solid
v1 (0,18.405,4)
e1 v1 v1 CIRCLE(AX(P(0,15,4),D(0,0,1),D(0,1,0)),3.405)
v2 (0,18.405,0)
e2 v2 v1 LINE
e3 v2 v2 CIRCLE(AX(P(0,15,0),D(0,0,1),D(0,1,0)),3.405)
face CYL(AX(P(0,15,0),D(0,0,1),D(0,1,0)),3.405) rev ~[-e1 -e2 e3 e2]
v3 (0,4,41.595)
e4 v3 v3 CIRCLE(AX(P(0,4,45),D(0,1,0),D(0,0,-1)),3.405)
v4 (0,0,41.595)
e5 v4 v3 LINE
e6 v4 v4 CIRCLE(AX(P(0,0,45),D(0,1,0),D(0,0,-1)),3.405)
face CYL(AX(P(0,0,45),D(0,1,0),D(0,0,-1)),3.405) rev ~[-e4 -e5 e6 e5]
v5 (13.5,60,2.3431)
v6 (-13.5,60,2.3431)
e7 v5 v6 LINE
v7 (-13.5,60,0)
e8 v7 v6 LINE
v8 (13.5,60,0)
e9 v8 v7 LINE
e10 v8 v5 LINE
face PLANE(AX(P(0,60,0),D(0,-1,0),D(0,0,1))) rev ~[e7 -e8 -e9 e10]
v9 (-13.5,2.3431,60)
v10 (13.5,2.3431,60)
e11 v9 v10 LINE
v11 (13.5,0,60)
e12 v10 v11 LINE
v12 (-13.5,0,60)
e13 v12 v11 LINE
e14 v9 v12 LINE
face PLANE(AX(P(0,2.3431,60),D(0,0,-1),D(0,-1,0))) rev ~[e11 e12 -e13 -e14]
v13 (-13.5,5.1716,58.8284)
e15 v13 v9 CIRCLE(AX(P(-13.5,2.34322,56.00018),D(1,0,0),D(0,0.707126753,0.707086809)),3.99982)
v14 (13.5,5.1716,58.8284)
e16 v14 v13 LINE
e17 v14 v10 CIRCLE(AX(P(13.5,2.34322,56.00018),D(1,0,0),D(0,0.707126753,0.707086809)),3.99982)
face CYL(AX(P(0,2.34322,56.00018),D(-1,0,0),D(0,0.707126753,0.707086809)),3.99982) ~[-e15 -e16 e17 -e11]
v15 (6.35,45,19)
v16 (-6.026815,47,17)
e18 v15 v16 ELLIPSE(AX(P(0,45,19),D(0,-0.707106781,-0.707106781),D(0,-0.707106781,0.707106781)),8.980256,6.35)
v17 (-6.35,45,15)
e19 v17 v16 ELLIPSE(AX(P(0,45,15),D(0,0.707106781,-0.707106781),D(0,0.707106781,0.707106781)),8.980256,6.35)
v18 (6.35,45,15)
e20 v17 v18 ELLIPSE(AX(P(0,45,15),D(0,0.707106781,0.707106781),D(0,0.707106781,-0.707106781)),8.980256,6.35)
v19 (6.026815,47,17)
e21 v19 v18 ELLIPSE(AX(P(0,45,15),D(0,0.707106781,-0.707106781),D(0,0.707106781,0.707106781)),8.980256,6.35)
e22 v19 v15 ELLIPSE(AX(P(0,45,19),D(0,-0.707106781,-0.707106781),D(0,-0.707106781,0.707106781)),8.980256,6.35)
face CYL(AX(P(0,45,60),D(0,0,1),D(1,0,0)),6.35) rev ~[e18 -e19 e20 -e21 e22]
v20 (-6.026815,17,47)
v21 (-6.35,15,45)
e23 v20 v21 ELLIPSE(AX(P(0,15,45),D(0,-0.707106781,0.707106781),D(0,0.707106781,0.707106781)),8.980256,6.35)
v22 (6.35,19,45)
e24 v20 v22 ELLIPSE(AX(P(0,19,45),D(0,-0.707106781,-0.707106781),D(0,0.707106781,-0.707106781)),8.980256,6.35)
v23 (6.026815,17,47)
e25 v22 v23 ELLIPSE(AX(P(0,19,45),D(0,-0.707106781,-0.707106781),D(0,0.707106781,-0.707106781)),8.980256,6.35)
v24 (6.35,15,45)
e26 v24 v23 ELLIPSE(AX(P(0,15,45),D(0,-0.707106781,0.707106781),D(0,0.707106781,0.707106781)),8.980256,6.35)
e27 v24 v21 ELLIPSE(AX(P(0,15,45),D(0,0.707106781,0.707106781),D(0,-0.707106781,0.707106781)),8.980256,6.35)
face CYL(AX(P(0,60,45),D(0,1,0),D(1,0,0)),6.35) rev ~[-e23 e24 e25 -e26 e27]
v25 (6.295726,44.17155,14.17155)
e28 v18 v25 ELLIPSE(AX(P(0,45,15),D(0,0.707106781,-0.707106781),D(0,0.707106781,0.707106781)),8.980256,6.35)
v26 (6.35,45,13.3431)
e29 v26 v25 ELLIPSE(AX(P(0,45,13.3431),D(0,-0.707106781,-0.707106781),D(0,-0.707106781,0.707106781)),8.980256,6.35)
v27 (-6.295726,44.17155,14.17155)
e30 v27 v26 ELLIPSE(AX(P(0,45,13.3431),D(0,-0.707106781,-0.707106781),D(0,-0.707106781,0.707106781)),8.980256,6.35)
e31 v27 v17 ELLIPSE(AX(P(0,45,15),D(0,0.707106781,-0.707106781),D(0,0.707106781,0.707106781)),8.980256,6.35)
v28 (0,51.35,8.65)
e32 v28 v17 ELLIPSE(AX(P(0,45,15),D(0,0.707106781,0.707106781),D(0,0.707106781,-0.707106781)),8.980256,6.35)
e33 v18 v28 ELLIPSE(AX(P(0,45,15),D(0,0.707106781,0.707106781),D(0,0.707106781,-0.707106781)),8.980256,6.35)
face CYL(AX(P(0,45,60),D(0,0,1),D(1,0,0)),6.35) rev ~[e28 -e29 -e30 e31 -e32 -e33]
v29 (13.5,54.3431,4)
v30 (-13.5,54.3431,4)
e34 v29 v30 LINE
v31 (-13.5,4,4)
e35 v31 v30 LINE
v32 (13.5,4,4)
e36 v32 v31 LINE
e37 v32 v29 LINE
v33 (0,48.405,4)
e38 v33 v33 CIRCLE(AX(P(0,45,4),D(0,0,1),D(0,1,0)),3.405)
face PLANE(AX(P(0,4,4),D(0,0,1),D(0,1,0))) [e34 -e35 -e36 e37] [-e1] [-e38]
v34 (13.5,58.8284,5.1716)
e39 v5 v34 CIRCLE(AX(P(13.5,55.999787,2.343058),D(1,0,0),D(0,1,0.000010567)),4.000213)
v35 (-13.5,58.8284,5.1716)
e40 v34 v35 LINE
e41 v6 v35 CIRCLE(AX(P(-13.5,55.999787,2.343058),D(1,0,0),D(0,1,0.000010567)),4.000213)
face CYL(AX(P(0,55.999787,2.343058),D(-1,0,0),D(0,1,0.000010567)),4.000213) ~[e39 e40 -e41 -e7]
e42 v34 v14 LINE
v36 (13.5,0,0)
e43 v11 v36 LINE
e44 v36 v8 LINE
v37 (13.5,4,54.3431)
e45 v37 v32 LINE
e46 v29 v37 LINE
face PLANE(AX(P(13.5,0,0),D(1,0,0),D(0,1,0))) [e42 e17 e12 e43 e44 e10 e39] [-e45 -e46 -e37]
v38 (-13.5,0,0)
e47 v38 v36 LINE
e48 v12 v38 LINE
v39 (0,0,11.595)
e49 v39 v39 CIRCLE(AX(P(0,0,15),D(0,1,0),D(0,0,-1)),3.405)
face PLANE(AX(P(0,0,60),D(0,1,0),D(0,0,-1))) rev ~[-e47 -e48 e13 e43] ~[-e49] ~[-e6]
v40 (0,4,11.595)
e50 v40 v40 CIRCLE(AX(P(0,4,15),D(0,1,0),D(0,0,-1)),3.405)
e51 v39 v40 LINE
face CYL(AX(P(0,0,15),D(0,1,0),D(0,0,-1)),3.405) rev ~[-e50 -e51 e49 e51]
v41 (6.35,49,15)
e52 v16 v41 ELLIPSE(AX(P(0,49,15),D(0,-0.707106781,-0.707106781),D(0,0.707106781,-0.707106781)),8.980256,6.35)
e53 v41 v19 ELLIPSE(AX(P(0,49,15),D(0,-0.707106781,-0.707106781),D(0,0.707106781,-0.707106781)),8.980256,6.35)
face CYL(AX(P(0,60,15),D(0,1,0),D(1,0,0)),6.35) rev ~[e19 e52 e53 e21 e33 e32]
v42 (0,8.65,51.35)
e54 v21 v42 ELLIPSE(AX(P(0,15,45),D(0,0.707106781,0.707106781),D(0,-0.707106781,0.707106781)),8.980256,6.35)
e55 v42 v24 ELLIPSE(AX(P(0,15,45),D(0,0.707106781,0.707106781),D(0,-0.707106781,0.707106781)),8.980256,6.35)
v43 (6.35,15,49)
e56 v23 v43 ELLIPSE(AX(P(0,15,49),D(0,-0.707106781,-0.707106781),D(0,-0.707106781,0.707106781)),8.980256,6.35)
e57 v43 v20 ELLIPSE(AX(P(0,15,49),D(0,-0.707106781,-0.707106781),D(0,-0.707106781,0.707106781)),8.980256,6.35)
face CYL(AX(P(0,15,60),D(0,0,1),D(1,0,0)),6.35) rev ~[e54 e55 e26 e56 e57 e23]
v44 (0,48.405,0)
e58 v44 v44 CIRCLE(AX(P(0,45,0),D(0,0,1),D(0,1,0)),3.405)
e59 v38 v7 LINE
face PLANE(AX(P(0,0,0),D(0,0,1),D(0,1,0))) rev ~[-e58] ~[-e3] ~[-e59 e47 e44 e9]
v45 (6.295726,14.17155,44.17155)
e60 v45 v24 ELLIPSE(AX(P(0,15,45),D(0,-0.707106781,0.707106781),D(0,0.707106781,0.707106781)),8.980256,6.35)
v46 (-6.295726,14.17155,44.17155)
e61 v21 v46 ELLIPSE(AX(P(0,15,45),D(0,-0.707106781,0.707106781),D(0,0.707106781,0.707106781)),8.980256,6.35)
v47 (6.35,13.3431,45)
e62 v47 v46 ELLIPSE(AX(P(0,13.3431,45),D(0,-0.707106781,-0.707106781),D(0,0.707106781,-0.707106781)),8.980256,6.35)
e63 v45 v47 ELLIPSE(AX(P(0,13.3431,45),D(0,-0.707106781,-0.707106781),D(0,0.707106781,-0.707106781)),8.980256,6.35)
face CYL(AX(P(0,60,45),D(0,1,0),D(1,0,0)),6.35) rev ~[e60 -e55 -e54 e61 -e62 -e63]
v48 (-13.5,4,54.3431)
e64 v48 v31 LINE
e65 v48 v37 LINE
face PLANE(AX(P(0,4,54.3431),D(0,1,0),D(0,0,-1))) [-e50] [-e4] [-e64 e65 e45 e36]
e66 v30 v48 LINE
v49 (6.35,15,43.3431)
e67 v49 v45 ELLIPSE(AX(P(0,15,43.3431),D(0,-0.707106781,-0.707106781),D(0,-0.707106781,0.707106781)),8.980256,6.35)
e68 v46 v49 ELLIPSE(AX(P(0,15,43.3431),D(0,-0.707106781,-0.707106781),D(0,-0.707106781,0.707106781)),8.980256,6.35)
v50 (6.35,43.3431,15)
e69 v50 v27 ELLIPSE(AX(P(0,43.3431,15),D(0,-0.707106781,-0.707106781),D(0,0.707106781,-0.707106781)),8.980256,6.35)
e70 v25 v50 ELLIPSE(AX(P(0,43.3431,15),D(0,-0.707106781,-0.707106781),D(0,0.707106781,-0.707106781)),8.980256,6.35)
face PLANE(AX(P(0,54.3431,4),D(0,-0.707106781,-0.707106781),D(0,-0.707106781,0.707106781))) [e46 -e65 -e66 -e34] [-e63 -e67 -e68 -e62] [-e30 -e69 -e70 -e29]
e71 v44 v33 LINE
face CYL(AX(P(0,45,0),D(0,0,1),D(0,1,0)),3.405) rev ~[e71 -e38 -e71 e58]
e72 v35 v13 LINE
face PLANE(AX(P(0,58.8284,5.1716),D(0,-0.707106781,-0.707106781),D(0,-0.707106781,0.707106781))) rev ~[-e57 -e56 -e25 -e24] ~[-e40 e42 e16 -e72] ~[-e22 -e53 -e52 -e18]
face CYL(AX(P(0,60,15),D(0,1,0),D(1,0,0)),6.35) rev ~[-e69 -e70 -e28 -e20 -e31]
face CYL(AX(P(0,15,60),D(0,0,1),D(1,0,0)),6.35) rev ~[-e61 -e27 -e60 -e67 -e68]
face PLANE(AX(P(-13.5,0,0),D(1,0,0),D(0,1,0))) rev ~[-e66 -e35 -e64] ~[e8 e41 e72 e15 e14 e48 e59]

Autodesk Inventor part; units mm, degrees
ref_plane "YZ Plane" through (0, 0, 0) normal (1, 0, 0) x (0, 1, 0)
ref_plane "XZ Plane" through (0, 0, 0) normal (0, 1, 0) x (-1, 0, 0)
ref_plane "XY Plane" through (0, 0, 0) normal (0, 0, 1) x (1, 0, 0)
sketch "Sketch_1" plane through (0, 0, 0) normal (1, 0, 0) x (0, 1, 0)
  line L0 (2.3431, 60) -> (0, 60)
  line L1 (0, 60) -> (0, 0)
  line L2 (0, 0) -> (60, 0)
  line L3 (60, 0) -> (60, 2.3431)
  arc A0 (60, 2.3431) -> (58.8284, 5.1716) centre (56, 2.3431) ccw
  line L4 (58.8284, 5.1716) -> (5.1716, 58.8284)
  arc A1 (5.1716, 58.8284) -> (2.3431, 60) centre (2.3431, 56) ccw
  line L5 (4, 54.3431) -> (4, 4)
  line L6 (4, 4) -> (54.3431, 4)
  line L7 (54.3431, 4) -> (4, 54.3431)
extrude "Extrusion1" add sketch "Sketch_1" along normal mid plane 27
sketch "Sketch2" plane through (-13.5, 0, 0) normal (0, -1, 0) x (1, 0, 0)
  point P0 (13.5, 15)
hole "Hole1" at (0, 0, 15) direction (0, 1, 0) diameter 6.81 depth 4
sketch "Sketch3" plane through (13.5, 60, 0) normal (0, 0, -1) x (-1, 0, 0)
  point P0 (13.5, -45)
hole "Hole2" at (0, 15, 0) direction (0, 0, 1) diameter 6.81 depth 4
sketch "Sketch_4" plane through (0, 0, 60) normal (0, 0, 1) x (1, 0, 0)
  circle A0 centre (0, 15) radius 6.35
extrude "Extrusion2" cut sketch "Sketch_4" against normal blind 56
sketch "Sketch_5" plane through (0, 60, 0) normal (0, 1, 0) x (1, 0, 0)
  circle A0 centre (0, -15) radius 6.35
extrude "Extrusion3" cut sketch "Sketch_5" against normal blind 56
sketch "Sketch6" plane through (13.5, 60, 0) normal (0, 0, -1) x (-1, 0, 0)
  point P0 (13.5, -15)
hole "Hole3" at (0, 45, 0) direction (0, 0, 1) diameter 6.81 depth 4
sketch "Sketch7" plane through (-13.5, 0, 0) normal (0, -1, 0) x (1, 0, 0)
  point P0 (13.5, 45)
hole "Hole4" at (0, 0, 45) direction (0, 1, 0) diameter 6.81 depth 4
sketch "Sketch_8" plane through (0, 0, 60) normal (0, 0, 1) x (1, 0, 0)
  circle A0 centre (0, 45) radius 6.35
extrude "Extrusion4" cut sketch "Sketch_8" against normal blind 56
sketch "Sketch_9" plane through (0, 60, 0) normal (0, 1, 0) x (1, 0, 0)
  circle A0 centre (0, -45) radius 6.35
extrude "Extrusion5" cut sketch "Sketch_9" against normal blind 56
properties part number "30-4336 Aluminum"
